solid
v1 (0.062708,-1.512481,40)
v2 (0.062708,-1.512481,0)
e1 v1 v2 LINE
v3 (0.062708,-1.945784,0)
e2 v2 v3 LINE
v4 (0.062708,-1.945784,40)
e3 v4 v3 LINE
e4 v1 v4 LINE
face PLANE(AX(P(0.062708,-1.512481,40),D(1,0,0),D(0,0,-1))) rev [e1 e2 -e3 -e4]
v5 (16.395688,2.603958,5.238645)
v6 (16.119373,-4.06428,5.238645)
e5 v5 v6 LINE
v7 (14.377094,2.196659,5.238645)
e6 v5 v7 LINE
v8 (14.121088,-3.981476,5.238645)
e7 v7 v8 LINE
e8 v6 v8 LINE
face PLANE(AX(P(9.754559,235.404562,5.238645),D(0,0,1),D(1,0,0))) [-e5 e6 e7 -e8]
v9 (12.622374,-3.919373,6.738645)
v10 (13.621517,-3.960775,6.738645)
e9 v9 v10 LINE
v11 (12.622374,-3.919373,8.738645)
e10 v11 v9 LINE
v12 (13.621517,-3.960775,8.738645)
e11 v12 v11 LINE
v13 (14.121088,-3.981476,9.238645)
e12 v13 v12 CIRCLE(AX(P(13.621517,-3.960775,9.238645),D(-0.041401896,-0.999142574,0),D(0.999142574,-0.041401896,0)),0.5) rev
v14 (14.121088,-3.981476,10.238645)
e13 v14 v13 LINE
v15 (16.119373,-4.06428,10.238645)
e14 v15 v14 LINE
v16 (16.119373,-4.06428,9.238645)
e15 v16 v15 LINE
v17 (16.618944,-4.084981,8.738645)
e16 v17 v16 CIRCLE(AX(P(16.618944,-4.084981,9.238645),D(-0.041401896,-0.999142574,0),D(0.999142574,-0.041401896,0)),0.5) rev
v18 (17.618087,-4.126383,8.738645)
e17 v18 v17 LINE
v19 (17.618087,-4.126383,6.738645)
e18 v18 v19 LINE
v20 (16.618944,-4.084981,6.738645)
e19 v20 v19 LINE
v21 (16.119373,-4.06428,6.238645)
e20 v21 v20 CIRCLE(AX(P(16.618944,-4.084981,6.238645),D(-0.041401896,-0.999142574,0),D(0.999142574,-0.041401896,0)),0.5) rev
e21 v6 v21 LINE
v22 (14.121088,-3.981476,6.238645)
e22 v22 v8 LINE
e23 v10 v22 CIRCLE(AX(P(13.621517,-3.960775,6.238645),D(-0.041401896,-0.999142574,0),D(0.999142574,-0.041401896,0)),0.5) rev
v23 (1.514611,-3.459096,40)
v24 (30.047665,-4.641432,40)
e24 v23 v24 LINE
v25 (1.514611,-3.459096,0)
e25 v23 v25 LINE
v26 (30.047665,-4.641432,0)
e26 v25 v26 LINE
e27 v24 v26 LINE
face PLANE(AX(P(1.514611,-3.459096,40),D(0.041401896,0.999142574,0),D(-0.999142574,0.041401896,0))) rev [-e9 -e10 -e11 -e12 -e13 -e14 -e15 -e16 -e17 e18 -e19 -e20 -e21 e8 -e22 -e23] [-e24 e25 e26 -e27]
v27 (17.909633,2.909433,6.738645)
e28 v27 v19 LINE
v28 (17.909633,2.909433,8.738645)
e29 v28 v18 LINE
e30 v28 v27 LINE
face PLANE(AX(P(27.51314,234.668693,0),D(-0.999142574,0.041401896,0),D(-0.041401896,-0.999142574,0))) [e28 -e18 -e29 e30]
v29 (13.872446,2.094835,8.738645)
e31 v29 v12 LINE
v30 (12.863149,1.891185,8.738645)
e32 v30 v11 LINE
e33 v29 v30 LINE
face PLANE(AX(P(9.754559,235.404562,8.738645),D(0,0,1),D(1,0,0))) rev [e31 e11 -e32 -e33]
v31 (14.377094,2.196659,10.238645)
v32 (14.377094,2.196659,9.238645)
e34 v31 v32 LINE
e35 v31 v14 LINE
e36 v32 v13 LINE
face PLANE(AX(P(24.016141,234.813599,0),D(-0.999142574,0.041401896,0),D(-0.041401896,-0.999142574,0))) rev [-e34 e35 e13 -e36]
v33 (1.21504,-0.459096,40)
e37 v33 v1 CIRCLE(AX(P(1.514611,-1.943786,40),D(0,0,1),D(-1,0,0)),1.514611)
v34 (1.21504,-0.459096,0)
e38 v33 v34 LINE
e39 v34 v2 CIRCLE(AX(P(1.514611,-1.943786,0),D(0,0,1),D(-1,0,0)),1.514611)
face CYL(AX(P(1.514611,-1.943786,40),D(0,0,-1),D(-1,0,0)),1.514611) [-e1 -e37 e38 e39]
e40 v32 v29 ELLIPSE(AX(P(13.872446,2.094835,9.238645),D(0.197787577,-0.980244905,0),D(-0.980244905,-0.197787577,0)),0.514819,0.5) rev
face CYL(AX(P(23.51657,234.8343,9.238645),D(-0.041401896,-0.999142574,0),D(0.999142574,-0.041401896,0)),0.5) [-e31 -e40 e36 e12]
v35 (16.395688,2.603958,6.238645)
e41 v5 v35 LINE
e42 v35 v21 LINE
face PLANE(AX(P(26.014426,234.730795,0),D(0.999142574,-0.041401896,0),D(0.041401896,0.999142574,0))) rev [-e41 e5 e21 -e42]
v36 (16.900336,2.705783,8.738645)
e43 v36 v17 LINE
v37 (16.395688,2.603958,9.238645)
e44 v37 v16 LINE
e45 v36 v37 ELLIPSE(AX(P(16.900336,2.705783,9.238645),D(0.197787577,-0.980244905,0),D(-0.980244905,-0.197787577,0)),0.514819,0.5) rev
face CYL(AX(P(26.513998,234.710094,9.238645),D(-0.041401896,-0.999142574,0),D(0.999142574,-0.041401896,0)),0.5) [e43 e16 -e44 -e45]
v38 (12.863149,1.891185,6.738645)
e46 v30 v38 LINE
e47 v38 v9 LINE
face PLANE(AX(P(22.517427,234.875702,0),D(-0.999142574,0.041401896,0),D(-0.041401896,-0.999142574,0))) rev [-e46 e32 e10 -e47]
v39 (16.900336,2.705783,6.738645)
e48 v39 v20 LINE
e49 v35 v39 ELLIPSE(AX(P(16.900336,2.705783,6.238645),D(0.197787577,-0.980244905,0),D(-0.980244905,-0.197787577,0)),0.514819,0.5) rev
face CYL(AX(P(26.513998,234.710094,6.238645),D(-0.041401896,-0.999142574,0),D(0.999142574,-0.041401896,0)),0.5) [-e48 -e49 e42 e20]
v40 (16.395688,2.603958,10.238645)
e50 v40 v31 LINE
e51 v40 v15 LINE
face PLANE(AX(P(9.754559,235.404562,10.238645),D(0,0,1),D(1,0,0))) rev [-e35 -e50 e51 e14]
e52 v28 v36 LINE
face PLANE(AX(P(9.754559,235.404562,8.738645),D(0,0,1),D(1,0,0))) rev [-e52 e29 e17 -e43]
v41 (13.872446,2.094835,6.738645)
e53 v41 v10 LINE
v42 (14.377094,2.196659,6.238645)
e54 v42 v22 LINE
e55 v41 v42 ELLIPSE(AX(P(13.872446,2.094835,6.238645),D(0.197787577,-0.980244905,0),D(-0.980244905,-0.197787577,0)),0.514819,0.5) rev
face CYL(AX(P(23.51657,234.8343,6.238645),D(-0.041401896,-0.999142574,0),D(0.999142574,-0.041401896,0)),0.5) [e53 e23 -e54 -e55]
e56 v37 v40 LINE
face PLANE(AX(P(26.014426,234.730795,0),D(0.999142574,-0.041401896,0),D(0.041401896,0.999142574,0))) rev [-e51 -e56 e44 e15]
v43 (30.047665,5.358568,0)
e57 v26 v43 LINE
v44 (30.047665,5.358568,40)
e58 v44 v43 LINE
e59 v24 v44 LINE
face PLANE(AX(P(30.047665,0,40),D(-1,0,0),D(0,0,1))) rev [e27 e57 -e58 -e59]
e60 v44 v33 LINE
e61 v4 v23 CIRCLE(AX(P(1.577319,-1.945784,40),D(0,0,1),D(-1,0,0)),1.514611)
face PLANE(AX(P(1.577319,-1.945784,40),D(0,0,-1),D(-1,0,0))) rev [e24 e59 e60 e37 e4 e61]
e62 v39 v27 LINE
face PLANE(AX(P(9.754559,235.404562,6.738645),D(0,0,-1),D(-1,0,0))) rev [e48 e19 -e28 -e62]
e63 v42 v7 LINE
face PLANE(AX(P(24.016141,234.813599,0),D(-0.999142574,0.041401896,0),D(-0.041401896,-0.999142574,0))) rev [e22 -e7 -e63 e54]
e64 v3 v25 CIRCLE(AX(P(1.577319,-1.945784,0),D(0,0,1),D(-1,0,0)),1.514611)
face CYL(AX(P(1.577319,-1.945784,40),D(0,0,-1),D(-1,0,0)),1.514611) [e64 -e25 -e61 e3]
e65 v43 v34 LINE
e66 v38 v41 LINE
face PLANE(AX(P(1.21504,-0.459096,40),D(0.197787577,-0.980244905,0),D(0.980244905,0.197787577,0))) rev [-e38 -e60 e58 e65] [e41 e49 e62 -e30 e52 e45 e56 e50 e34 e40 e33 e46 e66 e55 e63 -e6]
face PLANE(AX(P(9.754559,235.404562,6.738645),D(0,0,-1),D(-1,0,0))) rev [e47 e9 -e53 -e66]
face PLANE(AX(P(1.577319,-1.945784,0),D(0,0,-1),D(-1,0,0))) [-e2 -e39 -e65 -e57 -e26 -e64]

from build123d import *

# Parameters (mm, degrees)
BOSS_EXTRUDE1_DEPTH = 40
CUT_EXTRUDE1_DEPTH  = 239


with BuildPart() as part:
    # Sketch1 → Boss-Extrude1 (new body)
    with BuildSketch(Plane.XY):
        with BuildLine():
            Line((30.047665389, 0), (30.047665389, 5.358567608))
            Line((30.047665389, 5.358567608), (1.215039634, -0.459096075))
            ThreePointArc((1.215039634, -0.459096075), (0.492690836, -0.825874412), (0.062707817, -1.512481095))
            Line((0.062707817, -1.512481095), (0.062707817, -1.945783899))
            ThreePointArc((0.062707817, -1.945783899), (0.484381365, -2.994370603), (1.514610899, -3.459096075))
            Line((1.514610899, -3.459096075), (30.047665389, -4.641432392))
            Line((30.047665389, -4.641432392), (30.047665389, 0))
        make_face()
    extrude(amount=BOSS_EXTRUDE1_DEPTH)

    # Sketch5 → Cut-Extrude1 (cut)
    with BuildSketch(Plane(origin=(-0.140494121, -3.390512784, 0), x_dir=(0.99914257391908, -0.04140189587876196, 0), z_dir=(-0.04140189587876195, -0.9991425739190799, 0))):
        with BuildLine():
            Line((16.27382087, 5.238645278), (16.27382087, 6.238645278))
            ThreePointArc((16.27382087, 6.238645278), (16.420267479, 6.592198669), (16.77382087, 6.738645278))
            Line((16.77382087, 6.738645278), (17.77382087, 6.738645278))
            Line((17.77382087, 6.738645278), (17.77382087, 7.738645278))
            Line((17.77382087, 7.738645278), (17.77382087, 8.738645278))
            Line((17.77382087, 8.738645278), (16.77382087, 8.738645278))
            ThreePointArc((16.77382087, 8.738645278), (16.420267479, 8.885091887), (16.27382087, 9.238645278))
            Line((16.27382087, 9.238645278), (16.27382087, 10.238645278))
            Line((16.27382087, 10.238645278), (14.27382087, 10.238645278))
            Line((14.27382087, 10.238645278), (14.27382087, 9.238645278))
            ThreePointArc((14.27382087, 9.238645278), (14.12737426, 8.885091887), (13.77382087, 8.738645278))
            Line((13.77382087, 8.738645278), (12.77382087, 8.738645278))
            Line((12.77382087, 8.738645278), (12.77382087, 6.738645278))
            Line((12.77382087, 6.738645278), (13.77382087, 6.738645278))
            ThreePointArc((13.77382087, 6.738645278), (14.12737426, 6.592198669), (14.27382087, 6.238645278))
            Line((14.27382087, 6.238645278), (14.27382087, 5.238645278))
            Line((14.27382087, 5.238645278), (15.27382087, 5.238645278))
            Line((15.27382087, 5.238645278), (16.27382087, 5.238645278))
        make_face()
    extrude(amount=-CUT_EXTRUDE1_DEPTH, mode=Mode.SUBTRACT)


solid = part.part
